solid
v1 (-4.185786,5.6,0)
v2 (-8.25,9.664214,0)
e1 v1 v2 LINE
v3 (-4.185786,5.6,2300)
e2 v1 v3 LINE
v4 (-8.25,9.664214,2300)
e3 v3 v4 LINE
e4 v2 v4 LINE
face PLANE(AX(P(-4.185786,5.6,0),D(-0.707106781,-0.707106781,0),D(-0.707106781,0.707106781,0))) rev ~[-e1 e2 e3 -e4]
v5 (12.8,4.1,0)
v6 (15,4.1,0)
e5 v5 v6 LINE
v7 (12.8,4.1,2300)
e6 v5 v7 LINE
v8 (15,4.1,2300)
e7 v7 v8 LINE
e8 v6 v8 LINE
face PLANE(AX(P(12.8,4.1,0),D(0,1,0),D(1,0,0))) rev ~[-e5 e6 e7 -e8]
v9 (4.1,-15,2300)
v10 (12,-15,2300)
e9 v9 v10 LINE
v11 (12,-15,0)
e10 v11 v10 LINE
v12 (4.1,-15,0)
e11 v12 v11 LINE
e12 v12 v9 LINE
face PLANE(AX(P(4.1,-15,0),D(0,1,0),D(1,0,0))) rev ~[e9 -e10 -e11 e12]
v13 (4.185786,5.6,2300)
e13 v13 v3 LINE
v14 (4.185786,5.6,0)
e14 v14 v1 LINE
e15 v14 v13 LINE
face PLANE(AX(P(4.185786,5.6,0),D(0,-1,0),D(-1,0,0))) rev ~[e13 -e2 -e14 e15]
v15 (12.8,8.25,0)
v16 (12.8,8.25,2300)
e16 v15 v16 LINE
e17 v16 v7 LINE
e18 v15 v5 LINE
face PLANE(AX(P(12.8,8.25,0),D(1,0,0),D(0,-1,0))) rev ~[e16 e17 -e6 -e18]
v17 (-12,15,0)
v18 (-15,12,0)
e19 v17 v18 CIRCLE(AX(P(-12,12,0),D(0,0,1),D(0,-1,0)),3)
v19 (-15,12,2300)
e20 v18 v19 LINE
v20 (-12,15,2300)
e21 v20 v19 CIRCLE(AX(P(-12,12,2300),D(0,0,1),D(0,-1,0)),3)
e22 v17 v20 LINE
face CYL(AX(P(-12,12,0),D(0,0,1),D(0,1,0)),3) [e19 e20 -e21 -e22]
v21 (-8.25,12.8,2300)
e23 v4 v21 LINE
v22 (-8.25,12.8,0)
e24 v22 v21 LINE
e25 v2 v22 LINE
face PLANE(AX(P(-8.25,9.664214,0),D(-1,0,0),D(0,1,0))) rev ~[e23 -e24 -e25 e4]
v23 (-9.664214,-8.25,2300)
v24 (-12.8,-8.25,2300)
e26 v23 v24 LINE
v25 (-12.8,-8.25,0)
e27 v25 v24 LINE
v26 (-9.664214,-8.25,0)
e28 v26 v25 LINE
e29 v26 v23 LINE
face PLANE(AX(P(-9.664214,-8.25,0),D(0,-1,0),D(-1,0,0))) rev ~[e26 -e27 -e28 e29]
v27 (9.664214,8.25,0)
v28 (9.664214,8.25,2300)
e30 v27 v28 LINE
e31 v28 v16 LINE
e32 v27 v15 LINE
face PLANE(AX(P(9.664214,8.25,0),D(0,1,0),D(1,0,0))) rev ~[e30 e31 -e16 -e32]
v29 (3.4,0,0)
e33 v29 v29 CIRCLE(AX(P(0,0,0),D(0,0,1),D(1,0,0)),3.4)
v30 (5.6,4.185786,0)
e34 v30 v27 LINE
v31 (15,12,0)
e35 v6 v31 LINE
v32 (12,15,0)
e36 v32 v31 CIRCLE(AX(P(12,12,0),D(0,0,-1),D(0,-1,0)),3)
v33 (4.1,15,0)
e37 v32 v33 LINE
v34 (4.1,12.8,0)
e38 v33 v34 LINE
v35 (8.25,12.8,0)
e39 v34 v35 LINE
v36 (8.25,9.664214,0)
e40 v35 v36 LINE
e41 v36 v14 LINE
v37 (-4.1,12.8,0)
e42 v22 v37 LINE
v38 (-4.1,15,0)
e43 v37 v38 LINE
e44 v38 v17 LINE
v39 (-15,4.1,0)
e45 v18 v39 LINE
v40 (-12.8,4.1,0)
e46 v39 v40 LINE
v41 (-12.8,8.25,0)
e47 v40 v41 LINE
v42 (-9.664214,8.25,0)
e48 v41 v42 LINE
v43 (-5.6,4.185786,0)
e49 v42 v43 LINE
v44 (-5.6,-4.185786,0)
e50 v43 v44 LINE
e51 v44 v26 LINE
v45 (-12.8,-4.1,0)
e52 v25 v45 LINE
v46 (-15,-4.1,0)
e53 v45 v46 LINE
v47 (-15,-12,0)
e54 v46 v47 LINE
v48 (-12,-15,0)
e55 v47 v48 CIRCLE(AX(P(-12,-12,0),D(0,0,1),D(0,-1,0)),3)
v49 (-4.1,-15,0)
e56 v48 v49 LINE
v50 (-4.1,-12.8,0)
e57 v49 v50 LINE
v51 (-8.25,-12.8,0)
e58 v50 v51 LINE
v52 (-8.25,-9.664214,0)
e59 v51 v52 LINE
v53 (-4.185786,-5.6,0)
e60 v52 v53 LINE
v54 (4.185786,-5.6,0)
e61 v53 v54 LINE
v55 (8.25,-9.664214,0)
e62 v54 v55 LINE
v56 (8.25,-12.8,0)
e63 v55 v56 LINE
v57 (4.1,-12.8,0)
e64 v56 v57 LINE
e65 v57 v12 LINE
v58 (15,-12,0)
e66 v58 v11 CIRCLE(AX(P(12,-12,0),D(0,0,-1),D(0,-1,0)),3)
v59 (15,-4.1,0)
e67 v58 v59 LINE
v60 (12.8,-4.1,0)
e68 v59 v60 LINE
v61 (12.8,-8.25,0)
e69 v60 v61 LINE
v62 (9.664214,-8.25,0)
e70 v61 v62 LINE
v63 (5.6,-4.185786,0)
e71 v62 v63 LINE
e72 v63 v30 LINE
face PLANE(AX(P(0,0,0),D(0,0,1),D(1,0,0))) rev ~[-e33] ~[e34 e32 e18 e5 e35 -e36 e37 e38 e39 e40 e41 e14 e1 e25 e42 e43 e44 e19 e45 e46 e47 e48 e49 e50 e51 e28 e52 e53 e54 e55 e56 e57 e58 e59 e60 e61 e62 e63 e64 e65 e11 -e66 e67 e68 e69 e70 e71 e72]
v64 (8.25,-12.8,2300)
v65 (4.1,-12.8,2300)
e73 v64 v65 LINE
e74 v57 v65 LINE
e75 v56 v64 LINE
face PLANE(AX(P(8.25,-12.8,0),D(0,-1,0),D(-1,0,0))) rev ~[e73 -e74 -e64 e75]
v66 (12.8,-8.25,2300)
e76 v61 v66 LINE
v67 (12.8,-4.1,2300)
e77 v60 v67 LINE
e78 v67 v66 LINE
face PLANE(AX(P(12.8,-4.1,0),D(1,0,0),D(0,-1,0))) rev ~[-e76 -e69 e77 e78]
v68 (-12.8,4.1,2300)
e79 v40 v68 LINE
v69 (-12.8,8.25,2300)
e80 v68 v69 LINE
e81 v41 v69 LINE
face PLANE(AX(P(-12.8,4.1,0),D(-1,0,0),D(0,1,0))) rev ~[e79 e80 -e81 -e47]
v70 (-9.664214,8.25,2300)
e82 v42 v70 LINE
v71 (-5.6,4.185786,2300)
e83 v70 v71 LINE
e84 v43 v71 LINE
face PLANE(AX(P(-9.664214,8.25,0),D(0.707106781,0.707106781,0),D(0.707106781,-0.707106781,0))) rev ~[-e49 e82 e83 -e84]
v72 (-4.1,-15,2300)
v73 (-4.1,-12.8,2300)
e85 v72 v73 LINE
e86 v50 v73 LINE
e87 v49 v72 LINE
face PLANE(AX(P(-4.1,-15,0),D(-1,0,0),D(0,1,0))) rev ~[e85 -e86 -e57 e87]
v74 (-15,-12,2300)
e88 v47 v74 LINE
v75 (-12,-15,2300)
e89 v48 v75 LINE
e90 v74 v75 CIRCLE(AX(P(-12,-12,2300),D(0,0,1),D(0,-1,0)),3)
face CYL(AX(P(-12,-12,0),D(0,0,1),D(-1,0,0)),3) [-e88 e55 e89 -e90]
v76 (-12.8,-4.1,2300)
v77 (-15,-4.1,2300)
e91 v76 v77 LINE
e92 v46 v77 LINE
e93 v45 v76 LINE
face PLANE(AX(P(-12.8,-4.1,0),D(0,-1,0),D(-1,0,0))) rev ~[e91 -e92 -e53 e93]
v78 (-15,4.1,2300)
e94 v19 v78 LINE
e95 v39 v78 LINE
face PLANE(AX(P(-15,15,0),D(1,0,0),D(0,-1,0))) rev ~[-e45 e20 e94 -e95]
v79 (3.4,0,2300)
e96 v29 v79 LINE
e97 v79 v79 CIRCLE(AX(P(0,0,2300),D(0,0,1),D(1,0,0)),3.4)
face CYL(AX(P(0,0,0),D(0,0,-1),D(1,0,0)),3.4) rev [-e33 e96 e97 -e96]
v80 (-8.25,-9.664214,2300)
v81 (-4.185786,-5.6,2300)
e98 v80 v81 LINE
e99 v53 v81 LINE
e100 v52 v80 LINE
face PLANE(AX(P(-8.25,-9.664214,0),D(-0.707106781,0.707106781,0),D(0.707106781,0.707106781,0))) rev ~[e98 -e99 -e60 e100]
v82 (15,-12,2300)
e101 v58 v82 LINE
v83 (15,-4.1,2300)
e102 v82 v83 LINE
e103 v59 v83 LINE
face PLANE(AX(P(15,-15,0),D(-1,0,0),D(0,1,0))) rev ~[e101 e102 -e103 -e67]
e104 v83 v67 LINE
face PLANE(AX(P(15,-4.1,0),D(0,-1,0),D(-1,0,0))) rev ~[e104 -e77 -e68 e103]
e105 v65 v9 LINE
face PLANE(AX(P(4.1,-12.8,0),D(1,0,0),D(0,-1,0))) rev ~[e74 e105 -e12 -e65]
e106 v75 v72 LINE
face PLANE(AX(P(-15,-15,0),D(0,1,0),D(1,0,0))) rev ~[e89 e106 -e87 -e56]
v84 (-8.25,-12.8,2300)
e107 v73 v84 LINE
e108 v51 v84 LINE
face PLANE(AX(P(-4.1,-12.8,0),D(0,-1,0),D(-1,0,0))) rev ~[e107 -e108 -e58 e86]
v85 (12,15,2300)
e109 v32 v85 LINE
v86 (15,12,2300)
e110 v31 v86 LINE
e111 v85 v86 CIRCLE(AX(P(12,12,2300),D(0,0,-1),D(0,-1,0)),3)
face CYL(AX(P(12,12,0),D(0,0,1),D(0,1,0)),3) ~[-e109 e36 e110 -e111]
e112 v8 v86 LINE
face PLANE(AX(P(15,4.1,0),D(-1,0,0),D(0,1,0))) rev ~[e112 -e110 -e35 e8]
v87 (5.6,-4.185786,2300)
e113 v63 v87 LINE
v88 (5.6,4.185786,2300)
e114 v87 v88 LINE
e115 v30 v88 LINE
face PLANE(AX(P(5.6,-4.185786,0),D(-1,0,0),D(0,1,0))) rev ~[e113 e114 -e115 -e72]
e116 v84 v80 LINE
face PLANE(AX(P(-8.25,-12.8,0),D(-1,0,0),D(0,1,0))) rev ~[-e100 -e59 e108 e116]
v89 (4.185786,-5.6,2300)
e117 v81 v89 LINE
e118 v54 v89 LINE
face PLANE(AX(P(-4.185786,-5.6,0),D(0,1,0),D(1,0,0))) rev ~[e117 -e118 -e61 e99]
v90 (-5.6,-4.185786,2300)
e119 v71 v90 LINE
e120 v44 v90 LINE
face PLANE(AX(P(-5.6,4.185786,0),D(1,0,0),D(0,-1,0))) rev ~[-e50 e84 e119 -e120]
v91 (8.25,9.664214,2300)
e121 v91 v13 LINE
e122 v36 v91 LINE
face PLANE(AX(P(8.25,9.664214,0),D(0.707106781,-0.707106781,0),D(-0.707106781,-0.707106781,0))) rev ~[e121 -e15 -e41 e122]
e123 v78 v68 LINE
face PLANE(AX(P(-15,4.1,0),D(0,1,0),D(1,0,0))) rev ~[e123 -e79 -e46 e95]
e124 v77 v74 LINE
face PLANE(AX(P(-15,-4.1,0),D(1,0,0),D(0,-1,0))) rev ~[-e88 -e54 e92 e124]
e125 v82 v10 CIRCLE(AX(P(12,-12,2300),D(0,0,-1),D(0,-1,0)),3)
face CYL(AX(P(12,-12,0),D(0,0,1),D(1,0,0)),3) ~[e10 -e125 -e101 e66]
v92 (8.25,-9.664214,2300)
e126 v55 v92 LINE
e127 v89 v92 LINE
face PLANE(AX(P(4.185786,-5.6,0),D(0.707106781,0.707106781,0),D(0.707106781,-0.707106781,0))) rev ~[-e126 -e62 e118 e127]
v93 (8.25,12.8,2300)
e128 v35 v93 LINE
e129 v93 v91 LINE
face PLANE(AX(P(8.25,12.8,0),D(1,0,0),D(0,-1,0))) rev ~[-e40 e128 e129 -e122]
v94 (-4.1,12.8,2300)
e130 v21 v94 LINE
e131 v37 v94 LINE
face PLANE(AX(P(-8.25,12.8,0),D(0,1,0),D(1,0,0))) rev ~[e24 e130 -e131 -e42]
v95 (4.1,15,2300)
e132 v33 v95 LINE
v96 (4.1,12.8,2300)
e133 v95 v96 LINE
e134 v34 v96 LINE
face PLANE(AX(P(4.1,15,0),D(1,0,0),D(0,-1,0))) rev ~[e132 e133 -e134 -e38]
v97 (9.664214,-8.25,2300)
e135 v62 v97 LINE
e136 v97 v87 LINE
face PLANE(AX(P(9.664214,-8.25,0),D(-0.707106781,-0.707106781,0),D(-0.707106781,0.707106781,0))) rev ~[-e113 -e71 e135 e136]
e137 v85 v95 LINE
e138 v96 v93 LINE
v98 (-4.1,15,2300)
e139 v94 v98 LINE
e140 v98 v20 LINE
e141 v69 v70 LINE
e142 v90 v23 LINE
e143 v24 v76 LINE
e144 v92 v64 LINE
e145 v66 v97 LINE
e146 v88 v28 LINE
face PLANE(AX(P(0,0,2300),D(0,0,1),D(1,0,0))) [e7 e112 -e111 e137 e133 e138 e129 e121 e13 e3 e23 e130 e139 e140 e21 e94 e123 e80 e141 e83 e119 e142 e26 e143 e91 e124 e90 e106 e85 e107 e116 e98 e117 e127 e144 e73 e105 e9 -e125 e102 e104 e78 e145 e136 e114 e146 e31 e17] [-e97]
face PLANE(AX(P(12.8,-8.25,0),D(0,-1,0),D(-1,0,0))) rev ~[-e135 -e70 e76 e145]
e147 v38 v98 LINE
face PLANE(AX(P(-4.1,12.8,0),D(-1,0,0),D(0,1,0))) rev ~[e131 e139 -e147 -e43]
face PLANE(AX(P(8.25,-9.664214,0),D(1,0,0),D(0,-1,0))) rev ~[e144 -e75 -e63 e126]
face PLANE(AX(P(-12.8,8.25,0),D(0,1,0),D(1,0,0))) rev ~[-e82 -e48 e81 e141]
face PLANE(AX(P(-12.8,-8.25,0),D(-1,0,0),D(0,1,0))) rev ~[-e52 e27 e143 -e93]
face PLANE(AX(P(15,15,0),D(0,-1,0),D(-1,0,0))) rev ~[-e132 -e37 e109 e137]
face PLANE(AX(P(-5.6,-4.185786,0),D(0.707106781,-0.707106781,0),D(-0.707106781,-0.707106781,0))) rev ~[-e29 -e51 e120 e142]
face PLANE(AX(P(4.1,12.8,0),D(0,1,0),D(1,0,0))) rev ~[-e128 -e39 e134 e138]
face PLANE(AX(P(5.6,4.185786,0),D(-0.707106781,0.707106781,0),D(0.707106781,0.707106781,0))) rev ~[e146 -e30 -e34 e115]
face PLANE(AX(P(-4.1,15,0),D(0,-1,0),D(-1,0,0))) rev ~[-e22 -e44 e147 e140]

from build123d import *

# Parameters (mm, degrees)
F0_R     = 3.4
F1_DEPTH = 2300
F2_R     = 3


with BuildPart() as f1:
    # F0 (on Top) → F1 (new body)
    with BuildSketch(Plane.XY):
        Polygon((-4.1, 15), (-15, 15), (-15, 4.1), (-12.8, 4.1), (-12.8, 8.25), (-9.664214, 8.25), (-5.6, 4.185786), (-5.6, -4.185786), (-9.664214, -8.25), (-12.8, -8.25), (-12.8, -4.1), (-15, -4.1), (-15, -15), (-4.1, -15), (-4.1, -12.8), (-8.25, -12.8), (-8.25, -9.664214), (-4.185786, -5.6), (4.185786, -5.6), (8.25, -9.664214), (8.25, -12.8), (4.1, -12.8), (4.1, -15), (15, -15), (15, -4.1), (12.8, -4.1), (12.8, -8.25), (9.664214, -8.25), (5.6, -4.185786), (5.6, 4.185786), (9.664214, 8.25), (12.8, 8.25), (12.8, 4.1), (15, 4.1), (15, 15), (4.1, 15), (4.1, 12.8), (8.25, 12.8), (8.25, 9.664214), (4.185786, 5.6), (-4.185786, 5.6), (-8.25, 9.664214), (-8.25, 12.8), (-4.1, 12.8), align=None)
        Circle(F0_R, mode=Mode.SUBTRACT)
    extrude(amount=F1_DEPTH)

    # F2
    f2_edges = [f1.edges().sort_by_distance(p)[0] for p in [
        (15, -15, 1150),
        (15, 15, 1150),
        (-15, -15, 1150),
        (-15, 15, 1150),
    ]]
    fillet(f2_edges, radius=F2_R)


solid = f1.part
